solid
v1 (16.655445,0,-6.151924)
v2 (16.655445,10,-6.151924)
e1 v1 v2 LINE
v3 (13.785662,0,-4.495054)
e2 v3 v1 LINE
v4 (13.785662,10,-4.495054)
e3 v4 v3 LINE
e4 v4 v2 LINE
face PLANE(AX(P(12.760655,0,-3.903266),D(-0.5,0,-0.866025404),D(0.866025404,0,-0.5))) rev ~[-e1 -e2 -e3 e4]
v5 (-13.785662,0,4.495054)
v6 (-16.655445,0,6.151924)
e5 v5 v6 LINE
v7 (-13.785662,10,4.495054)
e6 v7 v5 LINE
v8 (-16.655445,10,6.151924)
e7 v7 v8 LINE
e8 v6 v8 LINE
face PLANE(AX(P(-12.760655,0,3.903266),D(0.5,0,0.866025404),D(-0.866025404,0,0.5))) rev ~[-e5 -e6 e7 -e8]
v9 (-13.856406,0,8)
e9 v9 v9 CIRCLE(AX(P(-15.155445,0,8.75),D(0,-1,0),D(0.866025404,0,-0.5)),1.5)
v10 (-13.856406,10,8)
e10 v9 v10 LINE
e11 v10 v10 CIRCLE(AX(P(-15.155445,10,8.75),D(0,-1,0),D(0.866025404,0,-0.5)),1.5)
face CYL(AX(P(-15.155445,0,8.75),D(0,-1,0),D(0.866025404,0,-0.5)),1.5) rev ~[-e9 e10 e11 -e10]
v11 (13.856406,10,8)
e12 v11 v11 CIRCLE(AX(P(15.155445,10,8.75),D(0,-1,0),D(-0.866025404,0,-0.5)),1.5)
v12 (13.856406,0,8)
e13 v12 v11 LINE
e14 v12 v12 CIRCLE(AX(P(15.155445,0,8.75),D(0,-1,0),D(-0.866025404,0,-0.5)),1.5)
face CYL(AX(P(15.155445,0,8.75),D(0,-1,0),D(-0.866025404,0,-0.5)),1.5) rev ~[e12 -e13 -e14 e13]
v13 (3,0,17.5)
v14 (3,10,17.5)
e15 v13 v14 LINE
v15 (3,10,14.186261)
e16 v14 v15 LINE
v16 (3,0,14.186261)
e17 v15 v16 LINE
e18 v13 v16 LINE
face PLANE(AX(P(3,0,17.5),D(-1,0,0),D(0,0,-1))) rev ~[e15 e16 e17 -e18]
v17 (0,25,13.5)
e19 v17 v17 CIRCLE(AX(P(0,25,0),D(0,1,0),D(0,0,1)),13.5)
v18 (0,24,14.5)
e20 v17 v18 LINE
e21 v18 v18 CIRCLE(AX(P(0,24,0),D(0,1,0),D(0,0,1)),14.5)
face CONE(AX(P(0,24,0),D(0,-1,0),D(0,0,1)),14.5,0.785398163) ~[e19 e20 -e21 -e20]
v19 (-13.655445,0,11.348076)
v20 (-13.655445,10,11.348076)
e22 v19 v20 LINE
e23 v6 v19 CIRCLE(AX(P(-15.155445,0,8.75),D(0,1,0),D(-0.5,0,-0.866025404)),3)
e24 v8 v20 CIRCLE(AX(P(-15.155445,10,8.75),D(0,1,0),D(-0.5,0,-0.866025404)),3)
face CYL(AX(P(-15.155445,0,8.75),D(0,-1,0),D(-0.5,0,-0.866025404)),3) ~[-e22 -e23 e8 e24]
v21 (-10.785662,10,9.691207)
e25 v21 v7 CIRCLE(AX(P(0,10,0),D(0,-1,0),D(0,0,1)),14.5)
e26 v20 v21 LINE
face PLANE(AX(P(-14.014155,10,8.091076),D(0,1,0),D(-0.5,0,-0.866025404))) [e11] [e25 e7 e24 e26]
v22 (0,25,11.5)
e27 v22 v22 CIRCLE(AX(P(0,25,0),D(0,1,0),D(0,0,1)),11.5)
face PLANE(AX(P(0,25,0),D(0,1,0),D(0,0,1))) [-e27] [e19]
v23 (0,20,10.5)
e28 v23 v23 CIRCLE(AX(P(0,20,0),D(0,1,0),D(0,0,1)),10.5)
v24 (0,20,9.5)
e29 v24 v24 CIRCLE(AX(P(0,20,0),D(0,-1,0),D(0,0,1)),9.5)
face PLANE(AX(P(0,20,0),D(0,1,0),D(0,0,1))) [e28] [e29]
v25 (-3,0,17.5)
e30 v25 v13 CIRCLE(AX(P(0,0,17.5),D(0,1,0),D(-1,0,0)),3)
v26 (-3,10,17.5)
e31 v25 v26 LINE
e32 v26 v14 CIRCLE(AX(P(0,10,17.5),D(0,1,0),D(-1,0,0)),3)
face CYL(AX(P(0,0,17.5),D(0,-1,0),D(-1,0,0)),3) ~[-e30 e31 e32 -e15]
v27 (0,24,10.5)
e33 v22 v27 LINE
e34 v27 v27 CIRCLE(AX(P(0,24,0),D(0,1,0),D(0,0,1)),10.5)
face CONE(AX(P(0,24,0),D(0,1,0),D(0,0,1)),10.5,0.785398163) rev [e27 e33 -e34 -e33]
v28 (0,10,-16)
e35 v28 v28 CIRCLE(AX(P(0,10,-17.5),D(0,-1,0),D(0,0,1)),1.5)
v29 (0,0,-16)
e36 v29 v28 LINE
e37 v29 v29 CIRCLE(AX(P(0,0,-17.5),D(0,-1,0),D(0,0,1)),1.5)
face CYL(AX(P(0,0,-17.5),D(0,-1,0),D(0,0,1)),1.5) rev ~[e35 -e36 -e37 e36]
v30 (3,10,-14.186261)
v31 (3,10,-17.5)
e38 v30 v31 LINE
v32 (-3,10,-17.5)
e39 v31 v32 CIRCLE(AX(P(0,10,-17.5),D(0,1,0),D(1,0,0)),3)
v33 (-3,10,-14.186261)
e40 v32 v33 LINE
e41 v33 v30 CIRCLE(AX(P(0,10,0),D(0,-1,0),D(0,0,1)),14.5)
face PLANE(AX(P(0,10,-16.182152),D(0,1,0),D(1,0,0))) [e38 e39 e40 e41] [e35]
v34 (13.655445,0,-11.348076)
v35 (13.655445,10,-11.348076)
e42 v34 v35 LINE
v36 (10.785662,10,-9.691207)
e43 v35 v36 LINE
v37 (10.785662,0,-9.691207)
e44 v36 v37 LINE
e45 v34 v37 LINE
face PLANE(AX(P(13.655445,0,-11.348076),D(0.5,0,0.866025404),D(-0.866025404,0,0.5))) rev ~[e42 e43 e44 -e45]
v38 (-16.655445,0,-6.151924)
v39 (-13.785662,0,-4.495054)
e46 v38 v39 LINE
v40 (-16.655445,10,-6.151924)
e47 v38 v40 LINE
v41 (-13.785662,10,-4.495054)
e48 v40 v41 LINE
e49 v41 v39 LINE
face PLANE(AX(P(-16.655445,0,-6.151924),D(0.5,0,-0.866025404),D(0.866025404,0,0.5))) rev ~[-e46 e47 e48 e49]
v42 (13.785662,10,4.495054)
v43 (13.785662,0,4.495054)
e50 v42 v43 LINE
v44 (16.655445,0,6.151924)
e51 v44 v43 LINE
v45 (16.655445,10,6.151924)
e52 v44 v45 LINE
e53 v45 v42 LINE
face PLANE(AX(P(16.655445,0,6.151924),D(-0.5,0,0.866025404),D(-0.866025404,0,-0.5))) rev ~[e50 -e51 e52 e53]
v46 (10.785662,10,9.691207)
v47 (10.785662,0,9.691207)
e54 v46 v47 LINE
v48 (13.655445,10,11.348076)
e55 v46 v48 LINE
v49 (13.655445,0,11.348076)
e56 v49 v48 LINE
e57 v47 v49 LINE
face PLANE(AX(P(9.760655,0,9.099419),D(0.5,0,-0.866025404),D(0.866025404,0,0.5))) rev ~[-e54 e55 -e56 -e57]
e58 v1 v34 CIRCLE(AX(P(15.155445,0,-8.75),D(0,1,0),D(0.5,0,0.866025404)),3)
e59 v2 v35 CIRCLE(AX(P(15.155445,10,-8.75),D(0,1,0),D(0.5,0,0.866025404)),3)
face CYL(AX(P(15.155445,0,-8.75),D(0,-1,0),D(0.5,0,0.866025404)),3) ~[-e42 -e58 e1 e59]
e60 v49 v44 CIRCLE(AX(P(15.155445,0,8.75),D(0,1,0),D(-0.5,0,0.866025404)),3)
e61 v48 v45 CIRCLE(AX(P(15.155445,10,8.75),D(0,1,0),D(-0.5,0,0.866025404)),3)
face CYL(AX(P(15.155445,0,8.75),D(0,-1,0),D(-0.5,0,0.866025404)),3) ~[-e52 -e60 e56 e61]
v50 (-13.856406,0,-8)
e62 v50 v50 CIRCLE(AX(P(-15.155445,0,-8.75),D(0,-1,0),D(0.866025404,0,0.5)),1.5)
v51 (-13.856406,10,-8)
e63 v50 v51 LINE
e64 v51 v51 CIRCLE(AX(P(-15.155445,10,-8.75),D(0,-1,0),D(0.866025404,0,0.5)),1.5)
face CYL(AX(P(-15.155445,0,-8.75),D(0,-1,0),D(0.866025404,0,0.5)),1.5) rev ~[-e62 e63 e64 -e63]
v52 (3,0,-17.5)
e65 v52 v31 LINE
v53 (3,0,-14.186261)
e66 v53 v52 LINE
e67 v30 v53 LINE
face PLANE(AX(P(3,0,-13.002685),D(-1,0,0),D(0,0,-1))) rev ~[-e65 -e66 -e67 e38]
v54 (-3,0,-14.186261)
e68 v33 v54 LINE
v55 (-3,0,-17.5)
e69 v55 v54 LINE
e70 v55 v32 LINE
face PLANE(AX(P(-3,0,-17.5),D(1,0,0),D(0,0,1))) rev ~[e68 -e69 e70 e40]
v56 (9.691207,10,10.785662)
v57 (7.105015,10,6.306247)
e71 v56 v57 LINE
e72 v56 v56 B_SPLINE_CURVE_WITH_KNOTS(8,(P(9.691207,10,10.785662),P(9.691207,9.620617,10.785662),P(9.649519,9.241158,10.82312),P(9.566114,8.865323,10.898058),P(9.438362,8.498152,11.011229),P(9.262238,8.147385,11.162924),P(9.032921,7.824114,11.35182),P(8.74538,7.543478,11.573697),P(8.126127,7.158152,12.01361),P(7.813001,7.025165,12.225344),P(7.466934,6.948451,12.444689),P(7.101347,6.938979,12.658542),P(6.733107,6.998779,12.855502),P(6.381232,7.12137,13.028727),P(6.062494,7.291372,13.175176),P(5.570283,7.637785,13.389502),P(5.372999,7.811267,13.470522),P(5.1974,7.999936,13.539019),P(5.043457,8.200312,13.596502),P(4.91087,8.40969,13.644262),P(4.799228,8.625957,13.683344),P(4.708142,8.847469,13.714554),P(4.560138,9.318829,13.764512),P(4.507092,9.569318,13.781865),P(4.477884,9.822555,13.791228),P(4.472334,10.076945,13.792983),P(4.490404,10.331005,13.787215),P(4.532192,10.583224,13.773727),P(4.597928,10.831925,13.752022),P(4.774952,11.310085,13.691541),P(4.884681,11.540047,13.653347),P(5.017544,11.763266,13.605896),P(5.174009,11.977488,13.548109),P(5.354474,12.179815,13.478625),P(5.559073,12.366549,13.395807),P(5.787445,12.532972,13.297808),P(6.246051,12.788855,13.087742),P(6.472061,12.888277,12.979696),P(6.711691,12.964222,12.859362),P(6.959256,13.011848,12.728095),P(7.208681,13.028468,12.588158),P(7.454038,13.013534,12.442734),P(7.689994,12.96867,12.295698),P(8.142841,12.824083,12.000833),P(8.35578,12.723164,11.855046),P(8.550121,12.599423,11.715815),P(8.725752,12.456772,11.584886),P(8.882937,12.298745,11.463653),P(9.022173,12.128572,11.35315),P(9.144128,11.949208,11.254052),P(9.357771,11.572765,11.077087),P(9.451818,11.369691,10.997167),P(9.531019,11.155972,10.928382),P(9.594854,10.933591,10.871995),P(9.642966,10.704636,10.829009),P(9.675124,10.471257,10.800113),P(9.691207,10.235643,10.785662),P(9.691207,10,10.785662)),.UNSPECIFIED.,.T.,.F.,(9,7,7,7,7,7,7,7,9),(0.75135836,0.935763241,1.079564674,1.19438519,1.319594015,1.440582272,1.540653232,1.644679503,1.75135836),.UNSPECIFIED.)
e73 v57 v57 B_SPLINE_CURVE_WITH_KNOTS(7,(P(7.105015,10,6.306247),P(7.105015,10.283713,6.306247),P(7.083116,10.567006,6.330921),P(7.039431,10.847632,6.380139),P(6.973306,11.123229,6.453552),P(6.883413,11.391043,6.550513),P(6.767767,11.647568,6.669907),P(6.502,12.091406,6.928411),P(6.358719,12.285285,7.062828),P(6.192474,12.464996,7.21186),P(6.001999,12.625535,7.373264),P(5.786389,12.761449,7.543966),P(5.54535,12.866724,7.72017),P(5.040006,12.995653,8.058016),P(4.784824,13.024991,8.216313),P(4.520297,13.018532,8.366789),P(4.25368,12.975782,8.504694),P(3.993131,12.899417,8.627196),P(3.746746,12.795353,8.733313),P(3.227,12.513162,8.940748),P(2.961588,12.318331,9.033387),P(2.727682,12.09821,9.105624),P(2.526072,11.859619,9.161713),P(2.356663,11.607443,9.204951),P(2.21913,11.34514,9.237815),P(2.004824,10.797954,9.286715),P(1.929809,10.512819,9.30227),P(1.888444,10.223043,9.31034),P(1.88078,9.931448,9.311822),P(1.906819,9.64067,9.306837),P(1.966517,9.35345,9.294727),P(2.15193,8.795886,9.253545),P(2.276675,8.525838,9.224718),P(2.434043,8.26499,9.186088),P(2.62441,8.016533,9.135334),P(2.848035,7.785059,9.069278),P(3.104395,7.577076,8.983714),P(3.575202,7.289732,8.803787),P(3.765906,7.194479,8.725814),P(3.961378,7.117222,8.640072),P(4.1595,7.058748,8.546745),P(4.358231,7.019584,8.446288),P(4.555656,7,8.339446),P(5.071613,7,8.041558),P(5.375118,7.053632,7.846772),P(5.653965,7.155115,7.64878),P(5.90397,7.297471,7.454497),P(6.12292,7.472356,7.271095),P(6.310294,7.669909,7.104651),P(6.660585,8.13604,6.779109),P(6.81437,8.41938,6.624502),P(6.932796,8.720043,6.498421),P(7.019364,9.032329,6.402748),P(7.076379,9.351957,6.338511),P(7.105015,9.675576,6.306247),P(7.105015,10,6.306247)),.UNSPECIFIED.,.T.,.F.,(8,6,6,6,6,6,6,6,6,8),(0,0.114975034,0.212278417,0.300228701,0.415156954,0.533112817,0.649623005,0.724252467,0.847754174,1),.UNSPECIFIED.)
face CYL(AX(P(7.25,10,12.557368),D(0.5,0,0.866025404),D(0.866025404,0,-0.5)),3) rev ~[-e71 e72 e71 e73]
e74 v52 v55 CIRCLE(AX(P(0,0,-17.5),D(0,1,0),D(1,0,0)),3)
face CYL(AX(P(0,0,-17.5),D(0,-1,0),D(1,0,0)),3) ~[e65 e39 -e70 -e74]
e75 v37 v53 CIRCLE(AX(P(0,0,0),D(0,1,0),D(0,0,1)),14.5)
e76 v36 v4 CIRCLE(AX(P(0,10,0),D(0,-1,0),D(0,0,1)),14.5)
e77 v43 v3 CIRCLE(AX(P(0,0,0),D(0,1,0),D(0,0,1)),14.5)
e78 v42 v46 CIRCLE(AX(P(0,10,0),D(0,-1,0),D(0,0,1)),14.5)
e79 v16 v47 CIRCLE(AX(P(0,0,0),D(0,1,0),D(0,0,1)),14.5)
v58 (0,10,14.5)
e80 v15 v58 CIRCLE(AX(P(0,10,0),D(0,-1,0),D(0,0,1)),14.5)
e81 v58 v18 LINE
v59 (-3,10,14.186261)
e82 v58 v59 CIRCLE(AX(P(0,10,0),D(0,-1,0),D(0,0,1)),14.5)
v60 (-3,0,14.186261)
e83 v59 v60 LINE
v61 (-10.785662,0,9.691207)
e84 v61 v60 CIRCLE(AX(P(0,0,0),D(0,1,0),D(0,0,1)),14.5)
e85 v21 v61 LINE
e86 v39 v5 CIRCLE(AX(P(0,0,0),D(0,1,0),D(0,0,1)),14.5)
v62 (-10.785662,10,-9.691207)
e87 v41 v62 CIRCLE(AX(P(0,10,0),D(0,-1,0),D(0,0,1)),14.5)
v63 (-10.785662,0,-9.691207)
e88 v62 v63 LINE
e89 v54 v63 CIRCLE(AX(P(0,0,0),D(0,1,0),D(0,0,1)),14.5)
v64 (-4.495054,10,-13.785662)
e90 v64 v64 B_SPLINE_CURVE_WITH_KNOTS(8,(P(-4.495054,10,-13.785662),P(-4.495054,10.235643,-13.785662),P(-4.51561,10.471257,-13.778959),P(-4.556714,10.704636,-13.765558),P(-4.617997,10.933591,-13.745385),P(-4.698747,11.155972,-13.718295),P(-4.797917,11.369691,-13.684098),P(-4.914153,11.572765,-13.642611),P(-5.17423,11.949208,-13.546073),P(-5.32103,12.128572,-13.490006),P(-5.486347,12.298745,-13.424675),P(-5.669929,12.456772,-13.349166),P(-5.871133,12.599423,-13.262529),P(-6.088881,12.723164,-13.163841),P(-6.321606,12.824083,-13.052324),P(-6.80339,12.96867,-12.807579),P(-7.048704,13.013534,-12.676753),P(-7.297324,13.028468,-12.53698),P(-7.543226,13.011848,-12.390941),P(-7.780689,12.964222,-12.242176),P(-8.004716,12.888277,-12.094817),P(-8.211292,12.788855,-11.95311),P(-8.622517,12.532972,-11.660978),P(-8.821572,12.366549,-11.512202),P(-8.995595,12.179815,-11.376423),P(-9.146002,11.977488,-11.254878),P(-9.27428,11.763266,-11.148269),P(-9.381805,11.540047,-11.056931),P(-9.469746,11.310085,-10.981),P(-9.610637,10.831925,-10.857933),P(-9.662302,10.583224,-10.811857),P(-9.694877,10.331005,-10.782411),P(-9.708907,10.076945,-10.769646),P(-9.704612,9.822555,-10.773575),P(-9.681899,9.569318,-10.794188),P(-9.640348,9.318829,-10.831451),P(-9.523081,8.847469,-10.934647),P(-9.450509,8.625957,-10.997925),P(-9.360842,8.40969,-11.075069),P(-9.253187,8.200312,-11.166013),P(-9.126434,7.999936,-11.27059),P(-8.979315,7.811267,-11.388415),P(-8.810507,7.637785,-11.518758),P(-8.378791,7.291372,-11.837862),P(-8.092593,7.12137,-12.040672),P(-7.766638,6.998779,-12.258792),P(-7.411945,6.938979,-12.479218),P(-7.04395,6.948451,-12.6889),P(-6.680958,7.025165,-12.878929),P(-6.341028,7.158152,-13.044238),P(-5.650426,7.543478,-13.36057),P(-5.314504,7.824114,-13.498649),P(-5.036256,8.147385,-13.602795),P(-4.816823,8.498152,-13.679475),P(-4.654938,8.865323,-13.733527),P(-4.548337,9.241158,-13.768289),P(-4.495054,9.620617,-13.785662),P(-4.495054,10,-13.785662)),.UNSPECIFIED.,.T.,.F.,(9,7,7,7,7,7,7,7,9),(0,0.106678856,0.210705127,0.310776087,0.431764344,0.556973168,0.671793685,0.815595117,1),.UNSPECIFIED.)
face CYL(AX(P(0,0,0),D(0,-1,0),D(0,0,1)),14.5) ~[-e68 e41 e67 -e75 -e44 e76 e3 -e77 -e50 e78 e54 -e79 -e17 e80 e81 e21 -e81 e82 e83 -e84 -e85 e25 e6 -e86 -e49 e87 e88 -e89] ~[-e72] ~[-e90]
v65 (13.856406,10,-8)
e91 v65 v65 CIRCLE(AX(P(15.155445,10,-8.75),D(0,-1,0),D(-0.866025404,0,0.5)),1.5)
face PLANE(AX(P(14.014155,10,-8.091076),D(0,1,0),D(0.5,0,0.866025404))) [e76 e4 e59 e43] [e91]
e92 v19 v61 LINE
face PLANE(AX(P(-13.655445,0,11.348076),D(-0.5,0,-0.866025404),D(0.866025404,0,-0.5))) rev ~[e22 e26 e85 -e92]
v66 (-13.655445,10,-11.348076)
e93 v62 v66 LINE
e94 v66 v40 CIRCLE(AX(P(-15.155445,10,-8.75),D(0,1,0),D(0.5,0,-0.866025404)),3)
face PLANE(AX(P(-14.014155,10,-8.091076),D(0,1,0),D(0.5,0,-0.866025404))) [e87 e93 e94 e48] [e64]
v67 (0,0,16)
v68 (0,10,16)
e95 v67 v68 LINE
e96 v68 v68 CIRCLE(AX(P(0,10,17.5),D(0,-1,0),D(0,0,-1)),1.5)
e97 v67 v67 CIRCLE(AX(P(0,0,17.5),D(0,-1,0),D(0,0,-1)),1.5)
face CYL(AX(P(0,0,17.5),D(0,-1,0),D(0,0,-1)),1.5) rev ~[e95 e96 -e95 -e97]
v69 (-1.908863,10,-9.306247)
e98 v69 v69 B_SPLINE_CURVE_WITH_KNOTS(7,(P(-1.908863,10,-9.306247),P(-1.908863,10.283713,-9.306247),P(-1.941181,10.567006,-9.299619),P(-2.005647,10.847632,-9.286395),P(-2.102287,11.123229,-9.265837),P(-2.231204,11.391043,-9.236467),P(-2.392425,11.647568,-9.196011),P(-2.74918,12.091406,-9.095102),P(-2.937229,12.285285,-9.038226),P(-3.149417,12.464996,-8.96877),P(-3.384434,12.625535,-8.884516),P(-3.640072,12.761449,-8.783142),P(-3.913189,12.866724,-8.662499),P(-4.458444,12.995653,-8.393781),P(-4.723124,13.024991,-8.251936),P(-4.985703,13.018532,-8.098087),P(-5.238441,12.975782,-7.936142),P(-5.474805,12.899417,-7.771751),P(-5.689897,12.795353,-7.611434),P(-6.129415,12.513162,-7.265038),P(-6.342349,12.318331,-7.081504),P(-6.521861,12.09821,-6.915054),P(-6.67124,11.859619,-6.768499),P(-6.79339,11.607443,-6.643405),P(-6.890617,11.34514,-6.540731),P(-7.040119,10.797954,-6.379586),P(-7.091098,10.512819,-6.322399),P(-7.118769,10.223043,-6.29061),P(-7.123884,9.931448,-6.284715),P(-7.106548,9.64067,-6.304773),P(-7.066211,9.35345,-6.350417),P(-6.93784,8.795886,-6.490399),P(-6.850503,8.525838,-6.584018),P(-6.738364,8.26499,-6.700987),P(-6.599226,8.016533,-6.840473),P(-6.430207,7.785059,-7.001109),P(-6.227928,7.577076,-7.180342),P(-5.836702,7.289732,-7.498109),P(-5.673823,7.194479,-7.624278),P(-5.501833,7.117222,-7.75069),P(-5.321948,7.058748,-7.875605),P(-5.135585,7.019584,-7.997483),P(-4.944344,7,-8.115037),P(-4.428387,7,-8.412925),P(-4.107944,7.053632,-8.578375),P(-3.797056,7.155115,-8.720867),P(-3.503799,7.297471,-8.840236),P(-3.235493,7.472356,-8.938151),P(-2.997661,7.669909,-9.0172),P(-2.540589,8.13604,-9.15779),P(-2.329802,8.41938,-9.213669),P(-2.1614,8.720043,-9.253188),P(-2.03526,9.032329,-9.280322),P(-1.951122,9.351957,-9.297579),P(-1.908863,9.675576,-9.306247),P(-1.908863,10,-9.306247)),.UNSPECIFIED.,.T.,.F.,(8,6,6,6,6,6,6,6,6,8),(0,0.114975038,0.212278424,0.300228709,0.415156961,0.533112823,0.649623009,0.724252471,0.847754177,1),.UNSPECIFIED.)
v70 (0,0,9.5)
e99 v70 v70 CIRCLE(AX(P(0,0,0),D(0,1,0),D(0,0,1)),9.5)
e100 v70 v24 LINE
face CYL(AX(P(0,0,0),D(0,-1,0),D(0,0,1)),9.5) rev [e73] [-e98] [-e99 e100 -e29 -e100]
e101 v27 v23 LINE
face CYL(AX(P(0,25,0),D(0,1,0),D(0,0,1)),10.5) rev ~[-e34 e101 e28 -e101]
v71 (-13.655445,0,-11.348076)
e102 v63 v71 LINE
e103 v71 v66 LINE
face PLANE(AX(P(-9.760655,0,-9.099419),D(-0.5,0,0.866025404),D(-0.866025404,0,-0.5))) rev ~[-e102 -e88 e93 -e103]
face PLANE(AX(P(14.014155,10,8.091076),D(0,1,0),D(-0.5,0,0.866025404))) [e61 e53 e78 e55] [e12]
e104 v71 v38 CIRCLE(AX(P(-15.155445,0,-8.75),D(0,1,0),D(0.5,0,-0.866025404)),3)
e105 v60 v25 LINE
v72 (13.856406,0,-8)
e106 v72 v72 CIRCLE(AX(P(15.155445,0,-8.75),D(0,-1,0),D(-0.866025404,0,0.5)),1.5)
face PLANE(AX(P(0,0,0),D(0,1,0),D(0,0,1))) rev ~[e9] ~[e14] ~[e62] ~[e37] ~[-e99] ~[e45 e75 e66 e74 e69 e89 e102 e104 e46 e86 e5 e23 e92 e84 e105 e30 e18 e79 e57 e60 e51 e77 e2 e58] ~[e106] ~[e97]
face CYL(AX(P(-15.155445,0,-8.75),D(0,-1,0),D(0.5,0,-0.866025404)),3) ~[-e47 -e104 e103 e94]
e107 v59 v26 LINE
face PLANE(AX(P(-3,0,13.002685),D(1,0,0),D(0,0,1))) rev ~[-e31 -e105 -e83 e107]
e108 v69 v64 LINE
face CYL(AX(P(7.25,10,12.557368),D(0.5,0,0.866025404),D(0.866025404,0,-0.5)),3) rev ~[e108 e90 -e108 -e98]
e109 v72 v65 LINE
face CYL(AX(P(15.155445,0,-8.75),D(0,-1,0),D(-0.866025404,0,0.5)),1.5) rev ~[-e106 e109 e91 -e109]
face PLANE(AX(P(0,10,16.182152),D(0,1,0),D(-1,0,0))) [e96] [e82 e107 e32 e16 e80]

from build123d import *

# Parameters (mm, degrees)
SKETCH1_R           = 14.5
SKETCH1_R_2         = 9.5
BOSS_EXTRUDE1_DEPTH = 25
SKETCH2_R           = 1.5
BOSS_EXTRUDE2_DEPTH = 10
CIRPATTERN1_COUNT   = 6
SKETCH3_R           = 10.5
CUT_EXTRUDE1_DEPTH  = 5
CHAMFER1_SIZE       = 1
CHAMFER2_SIZE       = 1
SKETCH5_R           = 3
CUT_EXTRUDE2_DEPTH  = 32


with BuildPart() as part:
    # Sketch1 → Boss-Extrude1 (new body)
    with BuildSketch(Plane(origin=(0, 0, 0), x_dir=(1, 0, 0), z_dir=(0, 1, 0))):
        with Locations(Location((0, 0, 0), (0, 0, 270))):
            Circle(SKETCH1_R)
        with Locations(Location((0, 0, 0), (0, 0, 270))):
            Circle(SKETCH1_R_2, mode=Mode.SUBTRACT)
    extrude(amount=BOSS_EXTRUDE1_DEPTH)

    # Sketch2 → Boss-Extrude2 (add)
    with BuildSketch(Plane.XZ):
        with BuildLine():
            Line((-3, 13.002684968), (-3, 17.5))
            ThreePointArc((-3, 17.5), (0, 20.5), (3, 17.5))
            Line((3, 17.5), (3, 13.002684968))
            Line((3, 13.002684968), (-3, 13.002684968))
        make_face()
        with Locations(Location((0, 17.5, 0), (0, 0, 270))):
            Circle(SKETCH2_R, mode=Mode.SUBTRACT)
    boss_extrude2 = extrude(amount=-BOSS_EXTRUDE2_DEPTH)

    # CirPattern1: Boss-Extrude2 ×6 about axis
    cirpattern1_axis = Axis((0, 0, 0), (0, 1, 0))
    for i in range(1, CIRPATTERN1_COUNT):
        add(boss_extrude2.rotate(cirpattern1_axis, i * 360 / CIRPATTERN1_COUNT))

    # Sketch3 → Cut-Extrude1 (cut)
    with BuildSketch(Plane(origin=(0, 25, 0), x_dir=(1, 0, 0), z_dir=(0, 1, 0))):
        with Locations(Location((0, 0, 0), (0, 0, 270))):
            Circle(SKETCH3_R)
    extrude(amount=-CUT_EXTRUDE1_DEPTH, mode=Mode.SUBTRACT)

    # Chamfer1
    chamfer1_edges = [part.edges().sort_by_distance(p)[0] for p in [
        (0, 25, -10.5),
    ]]
    chamfer(chamfer1_edges, length=CHAMFER1_SIZE)

    # Chamfer2
    chamfer2_edges = [part.edges().sort_by_distance(p)[0] for p in [
        (0, 25, -14.5),
    ]]
    chamfer(chamfer2_edges, length=CHAMFER2_SIZE)

    # Sketch5 → Cut-Extrude2 (cut)
    with BuildSketch(Plane(origin=(7.25, 25, 12.557368355), x_dir=(0.8660254037844379, 0, -0.5000000000000013), z_dir=(0.5000000000000013, 0, 0.8660254037844379))):
        with Locations((0, -15)):
            Circle(SKETCH5_R)
    extrude(amount=-CUT_EXTRUDE2_DEPTH, mode=Mode.SUBTRACT)


solid = part.part
